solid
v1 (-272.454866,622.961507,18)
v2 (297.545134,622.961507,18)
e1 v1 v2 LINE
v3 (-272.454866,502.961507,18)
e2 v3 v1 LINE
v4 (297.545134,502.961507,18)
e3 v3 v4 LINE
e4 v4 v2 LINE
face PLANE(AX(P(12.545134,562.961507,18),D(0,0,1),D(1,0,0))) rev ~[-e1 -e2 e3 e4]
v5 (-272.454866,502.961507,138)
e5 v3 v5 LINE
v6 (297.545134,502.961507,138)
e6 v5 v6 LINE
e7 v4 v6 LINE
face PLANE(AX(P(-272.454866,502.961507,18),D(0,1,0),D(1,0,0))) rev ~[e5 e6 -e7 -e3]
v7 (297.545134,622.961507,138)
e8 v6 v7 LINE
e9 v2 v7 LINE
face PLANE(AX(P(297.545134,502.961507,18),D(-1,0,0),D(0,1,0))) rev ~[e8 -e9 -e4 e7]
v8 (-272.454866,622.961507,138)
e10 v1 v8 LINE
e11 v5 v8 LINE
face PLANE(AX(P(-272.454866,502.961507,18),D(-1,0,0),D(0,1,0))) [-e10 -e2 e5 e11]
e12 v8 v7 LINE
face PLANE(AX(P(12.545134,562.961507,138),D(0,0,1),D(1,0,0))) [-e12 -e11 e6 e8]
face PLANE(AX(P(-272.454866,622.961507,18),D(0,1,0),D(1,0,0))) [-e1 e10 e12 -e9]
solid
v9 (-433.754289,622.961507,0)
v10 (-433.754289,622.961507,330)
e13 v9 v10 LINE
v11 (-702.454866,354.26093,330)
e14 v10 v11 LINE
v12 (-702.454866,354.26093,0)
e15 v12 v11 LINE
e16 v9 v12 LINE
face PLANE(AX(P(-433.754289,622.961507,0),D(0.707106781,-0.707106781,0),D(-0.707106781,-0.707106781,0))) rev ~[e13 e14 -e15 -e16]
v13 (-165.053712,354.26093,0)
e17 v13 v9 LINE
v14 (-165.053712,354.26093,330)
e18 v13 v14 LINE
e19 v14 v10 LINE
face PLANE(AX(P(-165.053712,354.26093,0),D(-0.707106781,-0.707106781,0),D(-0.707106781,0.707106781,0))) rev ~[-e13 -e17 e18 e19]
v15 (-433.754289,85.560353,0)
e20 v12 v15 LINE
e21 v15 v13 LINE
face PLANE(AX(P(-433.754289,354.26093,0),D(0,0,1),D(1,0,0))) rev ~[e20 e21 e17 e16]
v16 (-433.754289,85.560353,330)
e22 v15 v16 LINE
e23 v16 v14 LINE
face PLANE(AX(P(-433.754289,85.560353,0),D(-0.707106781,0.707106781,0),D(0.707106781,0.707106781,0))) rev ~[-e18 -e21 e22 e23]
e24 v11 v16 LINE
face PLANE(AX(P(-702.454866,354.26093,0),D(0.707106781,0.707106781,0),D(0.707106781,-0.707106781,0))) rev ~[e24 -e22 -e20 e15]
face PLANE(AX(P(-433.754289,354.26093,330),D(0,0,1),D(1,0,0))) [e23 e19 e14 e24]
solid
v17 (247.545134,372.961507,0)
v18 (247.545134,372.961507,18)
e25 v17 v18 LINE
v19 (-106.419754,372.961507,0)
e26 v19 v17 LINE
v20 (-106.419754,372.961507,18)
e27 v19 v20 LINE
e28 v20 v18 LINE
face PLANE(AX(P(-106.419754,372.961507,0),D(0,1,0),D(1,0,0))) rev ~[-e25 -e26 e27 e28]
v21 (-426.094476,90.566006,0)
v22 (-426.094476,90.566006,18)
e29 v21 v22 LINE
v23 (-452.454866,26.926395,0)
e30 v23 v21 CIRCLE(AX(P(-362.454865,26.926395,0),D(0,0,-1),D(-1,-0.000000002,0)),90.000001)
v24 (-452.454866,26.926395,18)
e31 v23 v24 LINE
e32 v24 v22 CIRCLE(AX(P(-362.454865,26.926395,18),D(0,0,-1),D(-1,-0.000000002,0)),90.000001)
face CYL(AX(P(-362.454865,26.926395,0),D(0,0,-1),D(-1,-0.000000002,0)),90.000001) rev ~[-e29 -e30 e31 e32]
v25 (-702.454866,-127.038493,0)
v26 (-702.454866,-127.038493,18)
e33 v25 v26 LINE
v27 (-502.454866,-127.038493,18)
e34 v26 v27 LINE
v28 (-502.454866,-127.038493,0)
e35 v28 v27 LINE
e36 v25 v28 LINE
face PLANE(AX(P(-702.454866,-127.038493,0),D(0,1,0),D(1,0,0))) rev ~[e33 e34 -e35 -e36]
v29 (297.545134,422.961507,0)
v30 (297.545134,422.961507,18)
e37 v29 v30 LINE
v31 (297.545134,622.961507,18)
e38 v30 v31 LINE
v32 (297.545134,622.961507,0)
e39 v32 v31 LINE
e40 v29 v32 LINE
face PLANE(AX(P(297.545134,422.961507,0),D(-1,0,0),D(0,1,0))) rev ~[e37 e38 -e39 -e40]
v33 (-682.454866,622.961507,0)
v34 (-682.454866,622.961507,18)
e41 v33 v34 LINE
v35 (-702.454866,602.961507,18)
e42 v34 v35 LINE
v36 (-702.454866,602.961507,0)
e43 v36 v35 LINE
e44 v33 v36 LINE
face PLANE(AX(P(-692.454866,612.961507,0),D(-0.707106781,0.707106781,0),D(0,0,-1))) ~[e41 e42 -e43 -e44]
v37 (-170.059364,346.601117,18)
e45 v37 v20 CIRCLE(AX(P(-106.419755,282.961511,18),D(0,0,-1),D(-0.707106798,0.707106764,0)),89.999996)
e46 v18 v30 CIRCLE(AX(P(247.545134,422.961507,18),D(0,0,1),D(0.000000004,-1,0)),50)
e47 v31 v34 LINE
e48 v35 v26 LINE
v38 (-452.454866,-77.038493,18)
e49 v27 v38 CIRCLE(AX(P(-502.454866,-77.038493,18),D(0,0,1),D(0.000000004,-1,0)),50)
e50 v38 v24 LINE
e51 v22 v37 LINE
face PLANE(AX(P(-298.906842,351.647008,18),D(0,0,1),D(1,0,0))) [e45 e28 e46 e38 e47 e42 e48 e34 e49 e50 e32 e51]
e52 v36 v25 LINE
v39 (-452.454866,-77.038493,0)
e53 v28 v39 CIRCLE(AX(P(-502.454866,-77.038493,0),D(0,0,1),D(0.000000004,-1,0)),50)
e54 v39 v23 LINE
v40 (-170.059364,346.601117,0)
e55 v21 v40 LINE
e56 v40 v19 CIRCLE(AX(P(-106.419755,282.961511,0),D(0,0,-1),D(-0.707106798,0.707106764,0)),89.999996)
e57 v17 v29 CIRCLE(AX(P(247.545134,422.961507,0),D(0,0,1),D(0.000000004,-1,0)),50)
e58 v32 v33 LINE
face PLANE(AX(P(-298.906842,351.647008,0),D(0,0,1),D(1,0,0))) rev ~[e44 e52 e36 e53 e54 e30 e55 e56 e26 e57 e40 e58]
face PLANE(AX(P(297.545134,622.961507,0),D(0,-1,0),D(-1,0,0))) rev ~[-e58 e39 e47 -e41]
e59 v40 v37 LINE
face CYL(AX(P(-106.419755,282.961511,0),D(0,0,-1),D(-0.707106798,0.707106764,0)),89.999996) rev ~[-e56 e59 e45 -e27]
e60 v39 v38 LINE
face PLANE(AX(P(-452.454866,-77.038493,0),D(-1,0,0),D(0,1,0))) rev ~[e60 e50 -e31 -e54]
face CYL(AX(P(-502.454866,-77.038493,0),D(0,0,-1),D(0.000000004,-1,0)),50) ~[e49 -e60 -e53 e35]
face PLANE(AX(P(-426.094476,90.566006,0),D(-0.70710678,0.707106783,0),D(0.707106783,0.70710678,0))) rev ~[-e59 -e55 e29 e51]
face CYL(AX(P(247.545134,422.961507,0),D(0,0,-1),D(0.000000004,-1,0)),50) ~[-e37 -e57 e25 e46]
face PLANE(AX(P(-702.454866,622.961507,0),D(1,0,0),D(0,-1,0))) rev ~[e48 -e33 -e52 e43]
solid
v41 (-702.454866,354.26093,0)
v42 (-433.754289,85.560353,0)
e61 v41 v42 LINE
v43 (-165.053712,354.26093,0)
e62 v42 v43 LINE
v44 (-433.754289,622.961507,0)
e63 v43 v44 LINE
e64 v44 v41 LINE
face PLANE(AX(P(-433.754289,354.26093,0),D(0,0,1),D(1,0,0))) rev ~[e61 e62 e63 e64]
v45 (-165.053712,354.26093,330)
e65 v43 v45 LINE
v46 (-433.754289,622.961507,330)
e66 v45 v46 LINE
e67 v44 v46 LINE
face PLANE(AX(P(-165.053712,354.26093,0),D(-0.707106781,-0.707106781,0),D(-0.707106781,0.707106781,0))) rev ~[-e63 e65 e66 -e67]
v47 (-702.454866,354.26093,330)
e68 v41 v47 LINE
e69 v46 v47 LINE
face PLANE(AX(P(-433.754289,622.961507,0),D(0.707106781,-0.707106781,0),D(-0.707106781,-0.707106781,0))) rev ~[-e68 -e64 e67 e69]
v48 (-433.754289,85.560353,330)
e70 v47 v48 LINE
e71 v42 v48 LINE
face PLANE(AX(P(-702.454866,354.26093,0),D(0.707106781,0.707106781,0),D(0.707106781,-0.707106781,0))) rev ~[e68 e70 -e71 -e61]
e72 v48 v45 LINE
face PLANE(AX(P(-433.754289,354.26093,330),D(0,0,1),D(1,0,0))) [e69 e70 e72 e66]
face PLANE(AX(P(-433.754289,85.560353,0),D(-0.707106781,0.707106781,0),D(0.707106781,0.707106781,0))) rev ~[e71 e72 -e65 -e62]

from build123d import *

# Parameters (mm, degrees)
F1_DEPTH = 18
F2_SIZE  = 20
F4_DEPTH = 330
F5_DEPTH = 330
F6_W     = 570
F6_H     = 120
F7_DEPTH = 120


with BuildPart() as f1:
    # F0 (on Top) → F1 (new body)
    with BuildSketch(Plane.XY):
        with BuildLine():
            Line((297.545134, 622.961507), (-702.454866, 622.961507))
            Line((-702.454866, 622.961507), (-702.454866, -127.038493))
            Line((-702.454866, -127.038493), (-502.454866, -127.038493))
            ThreePointArc((-502.454866, -127.038493), (-467.099527, -112.393832), (-452.454866, -77.038493))
            Line((-452.454866, -77.038493), (-452.454866, 26.926395))
            ThreePointArc((-452.454866, 26.926395), (-445.604024, 61.367904), (-426.094476, 90.566006))
            Line((-426.094476, 90.566006), (-170.059364, 346.601117))
            ThreePointArc((-170.059364, 346.601117), (-140.861263, 366.110665), (-106.419754, 372.961507))
            Line((-106.419754, 372.961507), (247.545134, 372.961507))
            ThreePointArc((247.545134, 372.961507), (282.900473, 387.606168), (297.545134, 422.961507))
            Line((297.545134, 422.961507), (297.545134, 622.961507))
        make_face()
    extrude(amount=F1_DEPTH)

    # F2
    f2_edges = [f1.edges().sort_by_distance(p)[0] for p in [
        (-702.454866, 622.961507, 9),
    ]]
    chamfer(f2_edges, length=F2_SIZE)


with BuildPart() as f4:
    # F3 (on Top) → F4 (new body)
    with BuildSketch(Plane.XY):
        Polygon((-433.754289, 622.961507), (-702.454866, 354.26093), (-433.754289, 85.560353), (-165.053712, 354.26093), align=None)
    extrude(amount=F4_DEPTH)


with BuildPart() as f5:
    # F3 (on Top) → F5 (new body)
    with BuildSketch(Plane.XY):
        Polygon((-433.754289, 622.961507), (-702.454866, 354.26093), (-433.754289, 85.560353), (-165.053712, 354.26093), align=None)
    extrude(amount=F5_DEPTH)


with BuildPart() as f7:
    # F6 (on face) → F7 (new body)
    with BuildSketch(Plane.XY.offset(18)):
        with Locations((12.545134, 562.961507)):
            Rectangle(F6_W, F6_H)
    extrude(amount=F7_DEPTH)


solid = Compound([f1.part, f4.part, f5.part, f7.part])
